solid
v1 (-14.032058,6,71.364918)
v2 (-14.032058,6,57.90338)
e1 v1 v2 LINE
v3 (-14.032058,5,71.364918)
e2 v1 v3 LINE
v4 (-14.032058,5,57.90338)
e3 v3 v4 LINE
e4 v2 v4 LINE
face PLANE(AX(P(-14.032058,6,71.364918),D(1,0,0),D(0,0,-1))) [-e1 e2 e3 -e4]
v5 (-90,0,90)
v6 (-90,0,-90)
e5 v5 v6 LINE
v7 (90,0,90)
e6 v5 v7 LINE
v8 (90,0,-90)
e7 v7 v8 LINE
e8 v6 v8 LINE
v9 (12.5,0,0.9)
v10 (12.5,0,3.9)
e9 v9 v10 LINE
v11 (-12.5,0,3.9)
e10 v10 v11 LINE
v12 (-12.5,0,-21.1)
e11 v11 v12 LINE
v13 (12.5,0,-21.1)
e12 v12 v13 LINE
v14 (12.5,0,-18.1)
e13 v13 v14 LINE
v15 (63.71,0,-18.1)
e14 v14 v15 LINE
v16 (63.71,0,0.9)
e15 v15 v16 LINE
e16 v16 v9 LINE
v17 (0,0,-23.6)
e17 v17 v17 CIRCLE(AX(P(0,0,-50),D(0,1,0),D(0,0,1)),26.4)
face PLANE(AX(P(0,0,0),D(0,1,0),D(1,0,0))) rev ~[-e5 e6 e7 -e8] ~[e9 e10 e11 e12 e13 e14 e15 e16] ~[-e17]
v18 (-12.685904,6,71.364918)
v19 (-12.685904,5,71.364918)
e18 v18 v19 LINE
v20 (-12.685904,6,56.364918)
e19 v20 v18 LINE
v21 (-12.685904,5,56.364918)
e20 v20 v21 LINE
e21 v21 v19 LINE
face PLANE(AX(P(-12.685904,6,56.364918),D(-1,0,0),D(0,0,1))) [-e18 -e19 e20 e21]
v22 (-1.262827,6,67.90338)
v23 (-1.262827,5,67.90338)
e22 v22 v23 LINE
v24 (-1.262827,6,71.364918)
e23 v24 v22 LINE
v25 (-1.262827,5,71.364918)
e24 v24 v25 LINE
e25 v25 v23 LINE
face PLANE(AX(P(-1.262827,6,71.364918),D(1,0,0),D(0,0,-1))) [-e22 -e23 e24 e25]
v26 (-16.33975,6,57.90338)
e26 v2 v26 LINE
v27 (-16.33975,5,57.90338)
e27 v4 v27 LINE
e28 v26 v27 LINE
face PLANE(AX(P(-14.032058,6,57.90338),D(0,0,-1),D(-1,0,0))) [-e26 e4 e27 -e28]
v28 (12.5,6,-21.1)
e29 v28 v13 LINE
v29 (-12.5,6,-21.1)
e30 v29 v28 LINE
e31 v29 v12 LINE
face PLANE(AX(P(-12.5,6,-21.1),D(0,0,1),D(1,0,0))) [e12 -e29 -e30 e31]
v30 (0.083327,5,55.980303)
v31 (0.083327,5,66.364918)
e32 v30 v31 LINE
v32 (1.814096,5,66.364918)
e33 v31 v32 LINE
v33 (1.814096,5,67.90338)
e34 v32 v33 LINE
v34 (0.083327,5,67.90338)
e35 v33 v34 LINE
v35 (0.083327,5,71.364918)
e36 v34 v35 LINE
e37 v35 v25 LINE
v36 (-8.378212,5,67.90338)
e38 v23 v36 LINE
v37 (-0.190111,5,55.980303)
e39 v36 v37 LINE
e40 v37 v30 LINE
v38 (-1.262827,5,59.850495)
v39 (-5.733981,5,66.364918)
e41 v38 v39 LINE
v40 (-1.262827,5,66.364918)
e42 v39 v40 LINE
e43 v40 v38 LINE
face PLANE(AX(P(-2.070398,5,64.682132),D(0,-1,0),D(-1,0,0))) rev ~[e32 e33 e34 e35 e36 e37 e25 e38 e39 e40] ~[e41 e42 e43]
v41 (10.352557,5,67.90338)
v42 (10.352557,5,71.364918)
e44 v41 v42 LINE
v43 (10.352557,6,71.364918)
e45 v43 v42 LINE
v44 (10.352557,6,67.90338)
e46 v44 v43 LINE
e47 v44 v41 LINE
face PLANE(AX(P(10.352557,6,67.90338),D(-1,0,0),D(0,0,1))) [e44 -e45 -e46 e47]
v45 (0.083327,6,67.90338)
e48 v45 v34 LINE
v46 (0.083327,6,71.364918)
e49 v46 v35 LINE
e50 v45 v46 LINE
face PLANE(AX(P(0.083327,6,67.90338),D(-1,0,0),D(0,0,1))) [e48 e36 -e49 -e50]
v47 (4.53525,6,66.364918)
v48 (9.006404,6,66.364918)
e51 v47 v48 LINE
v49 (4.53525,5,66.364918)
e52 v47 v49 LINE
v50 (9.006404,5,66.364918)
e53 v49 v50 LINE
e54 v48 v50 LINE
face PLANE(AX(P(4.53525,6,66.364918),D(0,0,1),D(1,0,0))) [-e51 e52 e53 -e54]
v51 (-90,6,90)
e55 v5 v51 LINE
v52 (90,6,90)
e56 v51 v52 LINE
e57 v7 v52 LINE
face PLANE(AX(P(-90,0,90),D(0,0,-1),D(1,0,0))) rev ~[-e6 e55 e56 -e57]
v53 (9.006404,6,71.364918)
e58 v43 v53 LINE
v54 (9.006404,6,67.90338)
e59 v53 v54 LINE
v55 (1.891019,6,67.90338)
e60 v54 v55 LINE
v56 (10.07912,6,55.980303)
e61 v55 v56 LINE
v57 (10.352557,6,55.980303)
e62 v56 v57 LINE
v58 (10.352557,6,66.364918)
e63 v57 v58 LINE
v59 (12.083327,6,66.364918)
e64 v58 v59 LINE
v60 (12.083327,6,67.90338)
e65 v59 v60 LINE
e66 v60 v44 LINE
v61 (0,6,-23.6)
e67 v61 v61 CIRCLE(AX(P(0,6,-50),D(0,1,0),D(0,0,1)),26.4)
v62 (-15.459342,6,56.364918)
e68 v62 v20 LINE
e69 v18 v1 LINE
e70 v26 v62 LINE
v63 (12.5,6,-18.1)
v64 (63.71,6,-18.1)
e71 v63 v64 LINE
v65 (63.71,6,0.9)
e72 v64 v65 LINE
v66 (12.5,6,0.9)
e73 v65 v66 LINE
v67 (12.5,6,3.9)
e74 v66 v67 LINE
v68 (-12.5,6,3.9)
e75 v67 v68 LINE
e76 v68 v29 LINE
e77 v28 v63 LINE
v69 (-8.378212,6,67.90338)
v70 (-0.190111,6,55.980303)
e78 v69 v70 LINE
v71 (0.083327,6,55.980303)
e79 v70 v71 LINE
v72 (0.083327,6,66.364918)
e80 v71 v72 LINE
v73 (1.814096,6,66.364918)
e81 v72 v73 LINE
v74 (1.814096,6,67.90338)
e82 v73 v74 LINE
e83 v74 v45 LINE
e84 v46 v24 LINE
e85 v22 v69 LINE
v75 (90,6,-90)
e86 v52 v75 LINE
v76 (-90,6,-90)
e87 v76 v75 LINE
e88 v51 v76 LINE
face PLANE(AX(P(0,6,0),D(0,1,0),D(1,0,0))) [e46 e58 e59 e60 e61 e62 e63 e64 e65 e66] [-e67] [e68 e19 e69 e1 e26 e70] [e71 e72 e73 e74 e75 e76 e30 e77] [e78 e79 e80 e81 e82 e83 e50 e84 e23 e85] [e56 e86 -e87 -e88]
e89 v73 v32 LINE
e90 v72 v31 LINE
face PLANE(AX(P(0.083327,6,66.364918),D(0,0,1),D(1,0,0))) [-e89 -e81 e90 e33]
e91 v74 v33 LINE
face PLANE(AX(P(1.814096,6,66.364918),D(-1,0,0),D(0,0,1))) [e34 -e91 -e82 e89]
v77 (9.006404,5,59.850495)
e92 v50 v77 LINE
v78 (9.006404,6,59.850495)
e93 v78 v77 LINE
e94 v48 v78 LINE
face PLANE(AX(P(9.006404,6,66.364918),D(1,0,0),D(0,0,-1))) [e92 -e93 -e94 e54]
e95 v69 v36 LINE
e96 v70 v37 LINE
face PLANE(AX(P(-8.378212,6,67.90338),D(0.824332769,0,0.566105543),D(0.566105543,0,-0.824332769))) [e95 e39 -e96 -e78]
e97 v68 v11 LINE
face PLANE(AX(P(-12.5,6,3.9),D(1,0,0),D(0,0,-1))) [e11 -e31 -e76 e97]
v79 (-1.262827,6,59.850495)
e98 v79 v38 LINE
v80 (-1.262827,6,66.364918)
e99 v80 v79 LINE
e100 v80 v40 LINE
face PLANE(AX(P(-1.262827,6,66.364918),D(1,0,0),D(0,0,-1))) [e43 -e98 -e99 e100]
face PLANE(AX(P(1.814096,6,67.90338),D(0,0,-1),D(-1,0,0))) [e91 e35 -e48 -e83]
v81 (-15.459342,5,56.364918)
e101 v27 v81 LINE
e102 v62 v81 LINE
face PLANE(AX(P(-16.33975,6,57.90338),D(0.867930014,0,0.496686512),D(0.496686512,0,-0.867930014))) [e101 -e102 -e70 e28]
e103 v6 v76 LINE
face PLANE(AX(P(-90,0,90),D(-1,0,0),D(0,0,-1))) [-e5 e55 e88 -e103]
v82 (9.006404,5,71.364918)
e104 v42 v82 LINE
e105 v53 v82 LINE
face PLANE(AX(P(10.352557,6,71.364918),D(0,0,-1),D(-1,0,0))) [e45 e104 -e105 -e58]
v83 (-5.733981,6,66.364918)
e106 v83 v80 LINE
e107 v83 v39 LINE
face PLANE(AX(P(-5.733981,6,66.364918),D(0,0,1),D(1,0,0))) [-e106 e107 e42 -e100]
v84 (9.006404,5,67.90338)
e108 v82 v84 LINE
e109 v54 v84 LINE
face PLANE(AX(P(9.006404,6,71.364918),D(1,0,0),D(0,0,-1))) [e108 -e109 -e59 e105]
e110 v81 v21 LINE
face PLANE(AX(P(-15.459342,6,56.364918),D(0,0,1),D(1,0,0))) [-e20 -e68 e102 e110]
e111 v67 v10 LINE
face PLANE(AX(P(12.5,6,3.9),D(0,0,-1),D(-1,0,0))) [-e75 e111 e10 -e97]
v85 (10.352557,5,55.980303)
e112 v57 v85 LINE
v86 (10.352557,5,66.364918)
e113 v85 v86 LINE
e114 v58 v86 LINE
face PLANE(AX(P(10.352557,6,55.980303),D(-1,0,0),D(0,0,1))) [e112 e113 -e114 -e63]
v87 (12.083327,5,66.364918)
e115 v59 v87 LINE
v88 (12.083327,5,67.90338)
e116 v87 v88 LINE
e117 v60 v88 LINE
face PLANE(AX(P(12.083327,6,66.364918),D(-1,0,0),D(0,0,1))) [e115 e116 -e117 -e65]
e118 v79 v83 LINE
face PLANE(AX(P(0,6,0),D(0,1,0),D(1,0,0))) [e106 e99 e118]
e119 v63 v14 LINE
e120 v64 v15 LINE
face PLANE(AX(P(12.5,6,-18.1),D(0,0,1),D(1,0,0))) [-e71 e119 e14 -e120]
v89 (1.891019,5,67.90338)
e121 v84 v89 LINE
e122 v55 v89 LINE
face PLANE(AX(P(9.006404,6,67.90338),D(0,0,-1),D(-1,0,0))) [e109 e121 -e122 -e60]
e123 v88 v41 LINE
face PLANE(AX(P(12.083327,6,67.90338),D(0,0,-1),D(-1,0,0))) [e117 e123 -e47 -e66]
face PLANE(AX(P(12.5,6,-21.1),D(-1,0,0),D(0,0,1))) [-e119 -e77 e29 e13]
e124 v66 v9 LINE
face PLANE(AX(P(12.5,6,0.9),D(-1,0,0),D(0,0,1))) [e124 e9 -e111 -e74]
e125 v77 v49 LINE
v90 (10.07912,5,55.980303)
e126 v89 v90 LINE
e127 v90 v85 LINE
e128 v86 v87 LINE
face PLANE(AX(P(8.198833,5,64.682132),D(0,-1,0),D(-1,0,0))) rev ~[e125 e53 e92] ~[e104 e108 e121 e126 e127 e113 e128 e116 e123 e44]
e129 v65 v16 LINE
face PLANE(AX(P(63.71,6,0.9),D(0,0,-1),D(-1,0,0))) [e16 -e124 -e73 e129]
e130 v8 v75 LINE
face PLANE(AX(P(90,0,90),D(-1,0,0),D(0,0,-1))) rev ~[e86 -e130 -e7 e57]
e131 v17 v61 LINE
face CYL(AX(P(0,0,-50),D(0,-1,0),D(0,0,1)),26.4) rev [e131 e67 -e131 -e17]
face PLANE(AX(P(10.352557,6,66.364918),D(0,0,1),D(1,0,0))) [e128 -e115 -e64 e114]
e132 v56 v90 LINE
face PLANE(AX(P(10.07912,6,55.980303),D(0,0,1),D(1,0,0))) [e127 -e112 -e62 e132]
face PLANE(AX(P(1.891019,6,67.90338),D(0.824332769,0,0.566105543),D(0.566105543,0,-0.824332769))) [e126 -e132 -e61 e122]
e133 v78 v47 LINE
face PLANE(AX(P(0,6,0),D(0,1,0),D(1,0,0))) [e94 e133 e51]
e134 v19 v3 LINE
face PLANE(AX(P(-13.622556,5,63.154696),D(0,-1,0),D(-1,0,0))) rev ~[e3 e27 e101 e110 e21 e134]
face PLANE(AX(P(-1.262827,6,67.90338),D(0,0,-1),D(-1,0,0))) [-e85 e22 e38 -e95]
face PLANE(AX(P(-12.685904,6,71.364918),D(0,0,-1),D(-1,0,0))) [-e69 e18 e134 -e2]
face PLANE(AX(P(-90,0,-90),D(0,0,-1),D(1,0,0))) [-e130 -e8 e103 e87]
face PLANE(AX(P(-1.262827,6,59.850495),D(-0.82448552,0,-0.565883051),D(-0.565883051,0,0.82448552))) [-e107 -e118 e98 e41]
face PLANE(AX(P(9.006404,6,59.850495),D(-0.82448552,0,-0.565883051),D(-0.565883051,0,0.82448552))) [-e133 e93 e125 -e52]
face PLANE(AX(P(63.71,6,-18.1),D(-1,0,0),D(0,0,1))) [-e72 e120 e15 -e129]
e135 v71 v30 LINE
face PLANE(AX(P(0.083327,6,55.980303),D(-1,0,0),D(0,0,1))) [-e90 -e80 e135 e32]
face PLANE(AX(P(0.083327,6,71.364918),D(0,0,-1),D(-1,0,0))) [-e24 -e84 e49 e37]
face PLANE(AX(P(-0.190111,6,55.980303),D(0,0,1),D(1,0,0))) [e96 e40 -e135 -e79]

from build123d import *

# Parameters (mm, degrees)
SKETCH1_W           = 180
SKETCH1_H           = 180
SKETCH1_R           = 26.4
BOSS_EXTRUDE2_DEPTH = 6
CUT_EXTRUDE1_DEPTH  = 10
CUT_EXTRUDE2_DEPTH  = 1


with BuildPart() as part:
    # Sketch1 → Boss-Extrude2 (new body)
    with BuildSketch(Plane(origin=(0, 0, 0), x_dir=(1, 0, 0), z_dir=(0, 1, 0))):
        Rectangle(SKETCH1_W, SKETCH1_H)
        with Locations(Location((0, 50, 0), (0, 0, 270))):
            Circle(SKETCH1_R, mode=Mode.SUBTRACT)
    extrude(amount=BOSS_EXTRUDE2_DEPTH)

    # Sketch2 → Cut-Extrude1 (cut)
    with BuildSketch(Plane(origin=(0, 6, 0), x_dir=(1, 0, 0), z_dir=(0, 1, 0))):
        Polygon((-12.5, 21.1), (12.5, 21.1), (12.5, 18.1), (63.71, 18.1), (63.71, -0.9), (12.5, -0.9), (12.5, -3.9), (-12.5, -3.9), align=None)
    extrude(amount=-CUT_EXTRUDE1_DEPTH, mode=Mode.SUBTRACT)

    # Sketch3 → Cut-Extrude2 (cut)
    # profile 1 of 3: a face of its own
    with BuildSketch(Plane(origin=(0, 6, 0), x_dir=(1, 0, 0), z_dir=(0, 1, 0))):
        Polygon((-15.459341638, -56.364917997), (-12.685904138, -56.364917997), (-12.685904138, -71.364917997), (-14.032057985, -71.364917997), (-14.032057985, -57.903379535), (-16.339750292, -57.903379535), align=None)
    # profile 2 of 3: a face of its own
    with BuildSketch(Plane(origin=(0, 6, 0), x_dir=(1, 0, 0), z_dir=(0, 1, 0))):
        Polygon((-0.190110869, -55.980302612), (0.083326631, -55.980302612), (0.083326631, -66.364917997), (1.814095862, -66.364917997), (1.814095862, -67.903379535), (0.083326631, -67.903379535), (0.083326631, -71.364917997), (-1.262827215, -71.364917997), (-1.262827215, -67.903379535), (-8.378211831, -67.903379535), align=None)
        Polygon((-1.262827215, -66.364917997), (-1.262827215, -59.85049492), (-5.733981062, -66.364917997), align=None, mode=Mode.SUBTRACT)
    # profile 3 of 3: a face of its own
    with BuildSketch(Plane(origin=(0, 6, 0), x_dir=(1, 0, 0), z_dir=(0, 1, 0))):
        Polygon((10.0791199, -55.980302612), (10.3525574, -55.980302612), (10.3525574, -66.364917997), (12.083326631, -66.364917997), (12.083326631, -67.903379535), (10.3525574, -67.903379535), (10.3525574, -71.364917997), (9.006403554, -71.364917997), (9.006403554, -67.903379535), (1.891018938, -67.903379535), align=None)
        Polygon((9.006403554, -66.364917997), (9.006403554, -59.85049492), (4.535249708, -66.364917997), align=None, mode=Mode.SUBTRACT)
    extrude(amount=-CUT_EXTRUDE2_DEPTH, mode=Mode.SUBTRACT)


solid = part.part
